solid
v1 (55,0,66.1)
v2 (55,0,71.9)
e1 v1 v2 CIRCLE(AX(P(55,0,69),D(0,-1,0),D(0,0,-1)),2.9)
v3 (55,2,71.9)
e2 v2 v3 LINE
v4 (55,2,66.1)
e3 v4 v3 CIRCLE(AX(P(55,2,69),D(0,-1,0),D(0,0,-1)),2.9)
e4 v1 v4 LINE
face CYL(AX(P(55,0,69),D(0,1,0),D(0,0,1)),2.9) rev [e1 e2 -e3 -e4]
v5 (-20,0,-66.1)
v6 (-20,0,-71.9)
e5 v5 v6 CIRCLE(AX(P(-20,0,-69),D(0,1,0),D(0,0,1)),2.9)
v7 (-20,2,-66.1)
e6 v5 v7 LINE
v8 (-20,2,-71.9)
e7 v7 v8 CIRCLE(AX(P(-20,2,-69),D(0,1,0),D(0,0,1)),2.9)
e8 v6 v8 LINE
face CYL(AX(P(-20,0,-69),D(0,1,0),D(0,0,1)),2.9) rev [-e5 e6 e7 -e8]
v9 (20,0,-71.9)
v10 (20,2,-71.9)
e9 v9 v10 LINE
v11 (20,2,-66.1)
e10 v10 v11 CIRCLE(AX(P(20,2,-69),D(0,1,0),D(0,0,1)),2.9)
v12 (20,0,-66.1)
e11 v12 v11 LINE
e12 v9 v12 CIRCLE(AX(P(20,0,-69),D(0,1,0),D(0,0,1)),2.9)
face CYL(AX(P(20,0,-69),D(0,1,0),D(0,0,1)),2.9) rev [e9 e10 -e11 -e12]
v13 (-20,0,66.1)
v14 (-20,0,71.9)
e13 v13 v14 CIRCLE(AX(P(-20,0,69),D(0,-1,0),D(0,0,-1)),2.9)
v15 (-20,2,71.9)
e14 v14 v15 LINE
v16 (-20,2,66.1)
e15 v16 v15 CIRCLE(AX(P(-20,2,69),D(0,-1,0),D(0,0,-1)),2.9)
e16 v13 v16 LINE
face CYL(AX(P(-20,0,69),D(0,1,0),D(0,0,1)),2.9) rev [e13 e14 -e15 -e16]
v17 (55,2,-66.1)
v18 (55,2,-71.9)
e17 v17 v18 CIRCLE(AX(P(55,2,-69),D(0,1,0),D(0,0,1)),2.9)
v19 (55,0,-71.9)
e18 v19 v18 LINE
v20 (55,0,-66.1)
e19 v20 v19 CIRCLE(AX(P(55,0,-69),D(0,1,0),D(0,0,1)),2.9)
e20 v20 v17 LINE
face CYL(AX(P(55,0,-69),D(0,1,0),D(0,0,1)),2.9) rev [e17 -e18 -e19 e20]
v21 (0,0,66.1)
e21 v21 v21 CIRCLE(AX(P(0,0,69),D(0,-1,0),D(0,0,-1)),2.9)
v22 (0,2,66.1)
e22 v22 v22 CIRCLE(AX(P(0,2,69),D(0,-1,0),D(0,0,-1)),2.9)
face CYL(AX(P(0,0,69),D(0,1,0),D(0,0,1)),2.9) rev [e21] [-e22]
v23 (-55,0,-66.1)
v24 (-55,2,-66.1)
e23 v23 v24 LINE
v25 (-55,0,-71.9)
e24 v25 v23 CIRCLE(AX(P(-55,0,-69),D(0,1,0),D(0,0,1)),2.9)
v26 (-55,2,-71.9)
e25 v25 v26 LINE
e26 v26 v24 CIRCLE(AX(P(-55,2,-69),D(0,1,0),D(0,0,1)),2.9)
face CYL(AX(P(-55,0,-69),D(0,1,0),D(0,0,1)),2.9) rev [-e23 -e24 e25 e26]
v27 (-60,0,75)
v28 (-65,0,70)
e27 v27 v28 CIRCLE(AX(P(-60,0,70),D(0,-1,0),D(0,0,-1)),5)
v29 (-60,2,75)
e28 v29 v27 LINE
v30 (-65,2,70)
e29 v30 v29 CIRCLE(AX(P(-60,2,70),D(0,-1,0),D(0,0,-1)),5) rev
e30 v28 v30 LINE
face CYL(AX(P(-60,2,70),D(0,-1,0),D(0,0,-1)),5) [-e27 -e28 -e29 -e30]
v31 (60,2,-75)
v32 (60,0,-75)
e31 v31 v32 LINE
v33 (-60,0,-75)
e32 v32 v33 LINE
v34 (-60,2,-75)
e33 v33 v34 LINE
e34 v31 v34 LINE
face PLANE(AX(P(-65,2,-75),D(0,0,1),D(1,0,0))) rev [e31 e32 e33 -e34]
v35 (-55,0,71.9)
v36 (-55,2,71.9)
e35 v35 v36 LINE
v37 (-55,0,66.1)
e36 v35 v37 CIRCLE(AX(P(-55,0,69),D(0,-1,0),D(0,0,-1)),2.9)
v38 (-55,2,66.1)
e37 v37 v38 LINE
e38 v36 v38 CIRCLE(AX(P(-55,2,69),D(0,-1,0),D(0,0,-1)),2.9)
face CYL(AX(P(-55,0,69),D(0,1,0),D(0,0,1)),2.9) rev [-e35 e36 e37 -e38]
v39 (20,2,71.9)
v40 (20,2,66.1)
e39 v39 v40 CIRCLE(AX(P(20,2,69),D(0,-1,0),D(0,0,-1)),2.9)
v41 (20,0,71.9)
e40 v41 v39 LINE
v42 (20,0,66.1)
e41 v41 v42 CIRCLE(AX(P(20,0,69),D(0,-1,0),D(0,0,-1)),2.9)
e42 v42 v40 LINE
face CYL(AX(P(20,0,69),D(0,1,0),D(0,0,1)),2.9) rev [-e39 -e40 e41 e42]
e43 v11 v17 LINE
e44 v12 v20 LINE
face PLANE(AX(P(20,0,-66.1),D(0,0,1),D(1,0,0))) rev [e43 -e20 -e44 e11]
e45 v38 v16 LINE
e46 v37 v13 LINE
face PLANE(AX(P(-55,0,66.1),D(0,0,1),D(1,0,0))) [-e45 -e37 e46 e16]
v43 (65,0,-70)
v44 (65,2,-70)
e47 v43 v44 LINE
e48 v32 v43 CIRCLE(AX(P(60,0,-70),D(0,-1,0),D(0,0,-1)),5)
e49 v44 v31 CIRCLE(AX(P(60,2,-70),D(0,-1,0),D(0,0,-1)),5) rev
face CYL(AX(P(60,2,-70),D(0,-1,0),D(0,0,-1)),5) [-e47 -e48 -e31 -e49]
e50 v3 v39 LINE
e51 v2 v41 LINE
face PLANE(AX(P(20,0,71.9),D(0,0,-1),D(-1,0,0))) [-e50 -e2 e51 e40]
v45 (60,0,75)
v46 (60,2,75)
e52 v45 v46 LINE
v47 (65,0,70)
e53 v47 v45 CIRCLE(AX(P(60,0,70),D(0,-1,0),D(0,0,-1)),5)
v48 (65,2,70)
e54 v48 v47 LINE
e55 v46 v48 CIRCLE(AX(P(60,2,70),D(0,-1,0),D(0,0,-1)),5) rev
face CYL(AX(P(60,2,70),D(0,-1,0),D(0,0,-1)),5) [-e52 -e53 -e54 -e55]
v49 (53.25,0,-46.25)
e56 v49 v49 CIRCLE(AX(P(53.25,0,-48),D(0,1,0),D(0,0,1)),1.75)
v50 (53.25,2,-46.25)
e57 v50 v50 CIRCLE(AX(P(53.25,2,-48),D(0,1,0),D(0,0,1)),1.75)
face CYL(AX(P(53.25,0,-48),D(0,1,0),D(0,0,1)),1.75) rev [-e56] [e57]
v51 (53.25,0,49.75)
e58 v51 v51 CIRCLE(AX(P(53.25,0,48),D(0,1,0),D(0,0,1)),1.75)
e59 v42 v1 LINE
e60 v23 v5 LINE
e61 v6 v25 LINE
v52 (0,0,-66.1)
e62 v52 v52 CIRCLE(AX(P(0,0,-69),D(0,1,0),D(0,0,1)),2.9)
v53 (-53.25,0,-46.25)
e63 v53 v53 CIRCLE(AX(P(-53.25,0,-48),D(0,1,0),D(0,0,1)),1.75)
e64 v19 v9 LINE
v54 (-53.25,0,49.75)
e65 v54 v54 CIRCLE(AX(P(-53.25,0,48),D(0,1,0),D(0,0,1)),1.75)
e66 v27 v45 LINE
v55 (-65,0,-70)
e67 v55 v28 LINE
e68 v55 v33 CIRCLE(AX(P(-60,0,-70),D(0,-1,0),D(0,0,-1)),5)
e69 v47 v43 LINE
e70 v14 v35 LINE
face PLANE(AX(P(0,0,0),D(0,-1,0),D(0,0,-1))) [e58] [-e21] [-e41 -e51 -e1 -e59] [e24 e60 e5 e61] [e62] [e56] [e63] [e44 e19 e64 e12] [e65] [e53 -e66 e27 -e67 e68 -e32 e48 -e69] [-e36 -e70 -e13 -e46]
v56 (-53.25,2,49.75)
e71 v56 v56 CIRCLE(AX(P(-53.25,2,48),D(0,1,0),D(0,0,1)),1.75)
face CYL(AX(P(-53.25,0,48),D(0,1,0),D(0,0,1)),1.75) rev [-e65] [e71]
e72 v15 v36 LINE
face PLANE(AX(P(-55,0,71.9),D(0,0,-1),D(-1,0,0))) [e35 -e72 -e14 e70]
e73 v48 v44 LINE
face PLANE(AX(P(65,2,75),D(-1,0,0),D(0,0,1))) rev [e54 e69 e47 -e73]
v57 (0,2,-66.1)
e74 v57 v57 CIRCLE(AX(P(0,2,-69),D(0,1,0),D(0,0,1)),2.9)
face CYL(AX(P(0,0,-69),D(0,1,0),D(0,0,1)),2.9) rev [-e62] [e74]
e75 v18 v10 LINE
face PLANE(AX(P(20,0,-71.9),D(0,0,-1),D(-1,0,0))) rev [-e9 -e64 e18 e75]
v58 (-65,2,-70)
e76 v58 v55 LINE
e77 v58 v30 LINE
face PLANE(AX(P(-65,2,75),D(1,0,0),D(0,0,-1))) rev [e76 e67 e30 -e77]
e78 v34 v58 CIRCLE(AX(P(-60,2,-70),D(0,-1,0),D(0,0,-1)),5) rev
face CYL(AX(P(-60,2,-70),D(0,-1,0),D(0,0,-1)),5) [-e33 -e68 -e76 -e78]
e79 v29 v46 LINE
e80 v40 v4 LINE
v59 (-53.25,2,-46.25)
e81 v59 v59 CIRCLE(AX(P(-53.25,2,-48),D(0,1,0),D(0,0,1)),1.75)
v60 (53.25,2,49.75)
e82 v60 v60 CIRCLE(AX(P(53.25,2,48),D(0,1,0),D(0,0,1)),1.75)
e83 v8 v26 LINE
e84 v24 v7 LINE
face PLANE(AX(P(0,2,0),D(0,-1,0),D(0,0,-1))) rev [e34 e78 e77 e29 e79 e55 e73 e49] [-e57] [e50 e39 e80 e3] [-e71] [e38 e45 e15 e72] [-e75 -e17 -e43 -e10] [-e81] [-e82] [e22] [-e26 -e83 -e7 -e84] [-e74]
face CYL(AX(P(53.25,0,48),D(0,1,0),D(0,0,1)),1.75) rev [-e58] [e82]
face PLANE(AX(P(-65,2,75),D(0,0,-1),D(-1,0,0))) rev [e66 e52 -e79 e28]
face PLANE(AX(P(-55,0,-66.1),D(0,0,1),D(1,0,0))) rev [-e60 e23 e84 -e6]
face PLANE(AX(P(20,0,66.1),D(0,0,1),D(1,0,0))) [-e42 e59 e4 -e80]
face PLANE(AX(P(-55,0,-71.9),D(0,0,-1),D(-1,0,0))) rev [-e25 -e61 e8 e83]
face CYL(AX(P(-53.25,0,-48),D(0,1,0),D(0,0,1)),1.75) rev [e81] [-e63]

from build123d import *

# Parameters (mm, degrees)
SKETCH1_W           = 130
SKETCH1_H           = 150
BOSS_EXTRUDE1_DEPTH = 2
SKETCH2_R           = 2.9
CUT_EXTRUDE1_DEPTH  = 100.26731587
FILLET1_R           = 5
SKETCH4_R           = 1.75
CUT_EXTRUDE2_DEPTH  = 100.26731587


with BuildPart() as part:
    # Sketch1 → Boss-Extrude1 (new body)
    with BuildSketch(Plane(origin=(0, 0, 0), x_dir=(1, 0, 0), z_dir=(0, 1, 0))):
        Rectangle(SKETCH1_W, SKETCH1_H)
    extrude(amount=BOSS_EXTRUDE1_DEPTH)

    # Sketch2 → Cut-Extrude1 (cut, through all)
    with BuildSketch(Plane(origin=(0, 2, 0), x_dir=(1, 0, 0), z_dir=(0, 1, 0))):
        with Locations(Location((0, 69, 0), (0, 0, 270))):
            Circle(SKETCH2_R)
        with BuildLine():
            Line((-55, 71.9), (-20, 71.9))
            ThreePointArc((-20, 71.9), (-17.1, 69), (-20, 66.1))
            Line((-20, 66.1), (-55, 66.1))
            ThreePointArc((-55, 66.1), (-57.9, 69), (-55, 71.9))
        make_face()
        with BuildLine():
            Line((20, 71.9), (55, 71.9))
            ThreePointArc((55, 71.9), (57.9, 69), (55, 66.1))
            Line((55, 66.1), (20, 66.1))
            ThreePointArc((20, 66.1), (17.1, 69), (20, 71.9))
        make_face()
    cut_extrude1 = extrude(amount=-CUT_EXTRUDE1_DEPTH, mode=Mode.SUBTRACT)

    # Mirror1: Cut-Extrude1 across plane
    add(cut_extrude1.mirror(Plane.XY), mode=Mode.SUBTRACT)

    # Fillet1
    fillet1_edges = [part.edges().sort_by_distance(p)[0] for p in [
        (65, 1, 75),
        (-65, 1, 75),
        (-65, 1, -75),
        (65, 1, -75),
    ]]
    fillet(fillet1_edges, radius=FILLET1_R)

    # Sketch4 → Cut-Extrude2 (cut, through all)
    with BuildSketch(Plane(origin=(0, 2, 0), x_dir=(1, 0, 0), z_dir=(0, 1, 0))):
        with Locations(Location((-53.25, 48, 0), (0, 0, 270))):
            Circle(SKETCH4_R)
        with Locations(Location((53.25, 48, 0), (0, 0, 270))):
            Circle(SKETCH4_R)
        with Locations(Location((-53.25, -48, 0), (0, 0, 270))):
            Circle(SKETCH4_R)
        with Locations(Location((53.25, -48, 0), (0, 0, 270))):
            Circle(SKETCH4_R)
    extrude(amount=-CUT_EXTRUDE2_DEPTH, mode=Mode.SUBTRACT)


solid = part.part
